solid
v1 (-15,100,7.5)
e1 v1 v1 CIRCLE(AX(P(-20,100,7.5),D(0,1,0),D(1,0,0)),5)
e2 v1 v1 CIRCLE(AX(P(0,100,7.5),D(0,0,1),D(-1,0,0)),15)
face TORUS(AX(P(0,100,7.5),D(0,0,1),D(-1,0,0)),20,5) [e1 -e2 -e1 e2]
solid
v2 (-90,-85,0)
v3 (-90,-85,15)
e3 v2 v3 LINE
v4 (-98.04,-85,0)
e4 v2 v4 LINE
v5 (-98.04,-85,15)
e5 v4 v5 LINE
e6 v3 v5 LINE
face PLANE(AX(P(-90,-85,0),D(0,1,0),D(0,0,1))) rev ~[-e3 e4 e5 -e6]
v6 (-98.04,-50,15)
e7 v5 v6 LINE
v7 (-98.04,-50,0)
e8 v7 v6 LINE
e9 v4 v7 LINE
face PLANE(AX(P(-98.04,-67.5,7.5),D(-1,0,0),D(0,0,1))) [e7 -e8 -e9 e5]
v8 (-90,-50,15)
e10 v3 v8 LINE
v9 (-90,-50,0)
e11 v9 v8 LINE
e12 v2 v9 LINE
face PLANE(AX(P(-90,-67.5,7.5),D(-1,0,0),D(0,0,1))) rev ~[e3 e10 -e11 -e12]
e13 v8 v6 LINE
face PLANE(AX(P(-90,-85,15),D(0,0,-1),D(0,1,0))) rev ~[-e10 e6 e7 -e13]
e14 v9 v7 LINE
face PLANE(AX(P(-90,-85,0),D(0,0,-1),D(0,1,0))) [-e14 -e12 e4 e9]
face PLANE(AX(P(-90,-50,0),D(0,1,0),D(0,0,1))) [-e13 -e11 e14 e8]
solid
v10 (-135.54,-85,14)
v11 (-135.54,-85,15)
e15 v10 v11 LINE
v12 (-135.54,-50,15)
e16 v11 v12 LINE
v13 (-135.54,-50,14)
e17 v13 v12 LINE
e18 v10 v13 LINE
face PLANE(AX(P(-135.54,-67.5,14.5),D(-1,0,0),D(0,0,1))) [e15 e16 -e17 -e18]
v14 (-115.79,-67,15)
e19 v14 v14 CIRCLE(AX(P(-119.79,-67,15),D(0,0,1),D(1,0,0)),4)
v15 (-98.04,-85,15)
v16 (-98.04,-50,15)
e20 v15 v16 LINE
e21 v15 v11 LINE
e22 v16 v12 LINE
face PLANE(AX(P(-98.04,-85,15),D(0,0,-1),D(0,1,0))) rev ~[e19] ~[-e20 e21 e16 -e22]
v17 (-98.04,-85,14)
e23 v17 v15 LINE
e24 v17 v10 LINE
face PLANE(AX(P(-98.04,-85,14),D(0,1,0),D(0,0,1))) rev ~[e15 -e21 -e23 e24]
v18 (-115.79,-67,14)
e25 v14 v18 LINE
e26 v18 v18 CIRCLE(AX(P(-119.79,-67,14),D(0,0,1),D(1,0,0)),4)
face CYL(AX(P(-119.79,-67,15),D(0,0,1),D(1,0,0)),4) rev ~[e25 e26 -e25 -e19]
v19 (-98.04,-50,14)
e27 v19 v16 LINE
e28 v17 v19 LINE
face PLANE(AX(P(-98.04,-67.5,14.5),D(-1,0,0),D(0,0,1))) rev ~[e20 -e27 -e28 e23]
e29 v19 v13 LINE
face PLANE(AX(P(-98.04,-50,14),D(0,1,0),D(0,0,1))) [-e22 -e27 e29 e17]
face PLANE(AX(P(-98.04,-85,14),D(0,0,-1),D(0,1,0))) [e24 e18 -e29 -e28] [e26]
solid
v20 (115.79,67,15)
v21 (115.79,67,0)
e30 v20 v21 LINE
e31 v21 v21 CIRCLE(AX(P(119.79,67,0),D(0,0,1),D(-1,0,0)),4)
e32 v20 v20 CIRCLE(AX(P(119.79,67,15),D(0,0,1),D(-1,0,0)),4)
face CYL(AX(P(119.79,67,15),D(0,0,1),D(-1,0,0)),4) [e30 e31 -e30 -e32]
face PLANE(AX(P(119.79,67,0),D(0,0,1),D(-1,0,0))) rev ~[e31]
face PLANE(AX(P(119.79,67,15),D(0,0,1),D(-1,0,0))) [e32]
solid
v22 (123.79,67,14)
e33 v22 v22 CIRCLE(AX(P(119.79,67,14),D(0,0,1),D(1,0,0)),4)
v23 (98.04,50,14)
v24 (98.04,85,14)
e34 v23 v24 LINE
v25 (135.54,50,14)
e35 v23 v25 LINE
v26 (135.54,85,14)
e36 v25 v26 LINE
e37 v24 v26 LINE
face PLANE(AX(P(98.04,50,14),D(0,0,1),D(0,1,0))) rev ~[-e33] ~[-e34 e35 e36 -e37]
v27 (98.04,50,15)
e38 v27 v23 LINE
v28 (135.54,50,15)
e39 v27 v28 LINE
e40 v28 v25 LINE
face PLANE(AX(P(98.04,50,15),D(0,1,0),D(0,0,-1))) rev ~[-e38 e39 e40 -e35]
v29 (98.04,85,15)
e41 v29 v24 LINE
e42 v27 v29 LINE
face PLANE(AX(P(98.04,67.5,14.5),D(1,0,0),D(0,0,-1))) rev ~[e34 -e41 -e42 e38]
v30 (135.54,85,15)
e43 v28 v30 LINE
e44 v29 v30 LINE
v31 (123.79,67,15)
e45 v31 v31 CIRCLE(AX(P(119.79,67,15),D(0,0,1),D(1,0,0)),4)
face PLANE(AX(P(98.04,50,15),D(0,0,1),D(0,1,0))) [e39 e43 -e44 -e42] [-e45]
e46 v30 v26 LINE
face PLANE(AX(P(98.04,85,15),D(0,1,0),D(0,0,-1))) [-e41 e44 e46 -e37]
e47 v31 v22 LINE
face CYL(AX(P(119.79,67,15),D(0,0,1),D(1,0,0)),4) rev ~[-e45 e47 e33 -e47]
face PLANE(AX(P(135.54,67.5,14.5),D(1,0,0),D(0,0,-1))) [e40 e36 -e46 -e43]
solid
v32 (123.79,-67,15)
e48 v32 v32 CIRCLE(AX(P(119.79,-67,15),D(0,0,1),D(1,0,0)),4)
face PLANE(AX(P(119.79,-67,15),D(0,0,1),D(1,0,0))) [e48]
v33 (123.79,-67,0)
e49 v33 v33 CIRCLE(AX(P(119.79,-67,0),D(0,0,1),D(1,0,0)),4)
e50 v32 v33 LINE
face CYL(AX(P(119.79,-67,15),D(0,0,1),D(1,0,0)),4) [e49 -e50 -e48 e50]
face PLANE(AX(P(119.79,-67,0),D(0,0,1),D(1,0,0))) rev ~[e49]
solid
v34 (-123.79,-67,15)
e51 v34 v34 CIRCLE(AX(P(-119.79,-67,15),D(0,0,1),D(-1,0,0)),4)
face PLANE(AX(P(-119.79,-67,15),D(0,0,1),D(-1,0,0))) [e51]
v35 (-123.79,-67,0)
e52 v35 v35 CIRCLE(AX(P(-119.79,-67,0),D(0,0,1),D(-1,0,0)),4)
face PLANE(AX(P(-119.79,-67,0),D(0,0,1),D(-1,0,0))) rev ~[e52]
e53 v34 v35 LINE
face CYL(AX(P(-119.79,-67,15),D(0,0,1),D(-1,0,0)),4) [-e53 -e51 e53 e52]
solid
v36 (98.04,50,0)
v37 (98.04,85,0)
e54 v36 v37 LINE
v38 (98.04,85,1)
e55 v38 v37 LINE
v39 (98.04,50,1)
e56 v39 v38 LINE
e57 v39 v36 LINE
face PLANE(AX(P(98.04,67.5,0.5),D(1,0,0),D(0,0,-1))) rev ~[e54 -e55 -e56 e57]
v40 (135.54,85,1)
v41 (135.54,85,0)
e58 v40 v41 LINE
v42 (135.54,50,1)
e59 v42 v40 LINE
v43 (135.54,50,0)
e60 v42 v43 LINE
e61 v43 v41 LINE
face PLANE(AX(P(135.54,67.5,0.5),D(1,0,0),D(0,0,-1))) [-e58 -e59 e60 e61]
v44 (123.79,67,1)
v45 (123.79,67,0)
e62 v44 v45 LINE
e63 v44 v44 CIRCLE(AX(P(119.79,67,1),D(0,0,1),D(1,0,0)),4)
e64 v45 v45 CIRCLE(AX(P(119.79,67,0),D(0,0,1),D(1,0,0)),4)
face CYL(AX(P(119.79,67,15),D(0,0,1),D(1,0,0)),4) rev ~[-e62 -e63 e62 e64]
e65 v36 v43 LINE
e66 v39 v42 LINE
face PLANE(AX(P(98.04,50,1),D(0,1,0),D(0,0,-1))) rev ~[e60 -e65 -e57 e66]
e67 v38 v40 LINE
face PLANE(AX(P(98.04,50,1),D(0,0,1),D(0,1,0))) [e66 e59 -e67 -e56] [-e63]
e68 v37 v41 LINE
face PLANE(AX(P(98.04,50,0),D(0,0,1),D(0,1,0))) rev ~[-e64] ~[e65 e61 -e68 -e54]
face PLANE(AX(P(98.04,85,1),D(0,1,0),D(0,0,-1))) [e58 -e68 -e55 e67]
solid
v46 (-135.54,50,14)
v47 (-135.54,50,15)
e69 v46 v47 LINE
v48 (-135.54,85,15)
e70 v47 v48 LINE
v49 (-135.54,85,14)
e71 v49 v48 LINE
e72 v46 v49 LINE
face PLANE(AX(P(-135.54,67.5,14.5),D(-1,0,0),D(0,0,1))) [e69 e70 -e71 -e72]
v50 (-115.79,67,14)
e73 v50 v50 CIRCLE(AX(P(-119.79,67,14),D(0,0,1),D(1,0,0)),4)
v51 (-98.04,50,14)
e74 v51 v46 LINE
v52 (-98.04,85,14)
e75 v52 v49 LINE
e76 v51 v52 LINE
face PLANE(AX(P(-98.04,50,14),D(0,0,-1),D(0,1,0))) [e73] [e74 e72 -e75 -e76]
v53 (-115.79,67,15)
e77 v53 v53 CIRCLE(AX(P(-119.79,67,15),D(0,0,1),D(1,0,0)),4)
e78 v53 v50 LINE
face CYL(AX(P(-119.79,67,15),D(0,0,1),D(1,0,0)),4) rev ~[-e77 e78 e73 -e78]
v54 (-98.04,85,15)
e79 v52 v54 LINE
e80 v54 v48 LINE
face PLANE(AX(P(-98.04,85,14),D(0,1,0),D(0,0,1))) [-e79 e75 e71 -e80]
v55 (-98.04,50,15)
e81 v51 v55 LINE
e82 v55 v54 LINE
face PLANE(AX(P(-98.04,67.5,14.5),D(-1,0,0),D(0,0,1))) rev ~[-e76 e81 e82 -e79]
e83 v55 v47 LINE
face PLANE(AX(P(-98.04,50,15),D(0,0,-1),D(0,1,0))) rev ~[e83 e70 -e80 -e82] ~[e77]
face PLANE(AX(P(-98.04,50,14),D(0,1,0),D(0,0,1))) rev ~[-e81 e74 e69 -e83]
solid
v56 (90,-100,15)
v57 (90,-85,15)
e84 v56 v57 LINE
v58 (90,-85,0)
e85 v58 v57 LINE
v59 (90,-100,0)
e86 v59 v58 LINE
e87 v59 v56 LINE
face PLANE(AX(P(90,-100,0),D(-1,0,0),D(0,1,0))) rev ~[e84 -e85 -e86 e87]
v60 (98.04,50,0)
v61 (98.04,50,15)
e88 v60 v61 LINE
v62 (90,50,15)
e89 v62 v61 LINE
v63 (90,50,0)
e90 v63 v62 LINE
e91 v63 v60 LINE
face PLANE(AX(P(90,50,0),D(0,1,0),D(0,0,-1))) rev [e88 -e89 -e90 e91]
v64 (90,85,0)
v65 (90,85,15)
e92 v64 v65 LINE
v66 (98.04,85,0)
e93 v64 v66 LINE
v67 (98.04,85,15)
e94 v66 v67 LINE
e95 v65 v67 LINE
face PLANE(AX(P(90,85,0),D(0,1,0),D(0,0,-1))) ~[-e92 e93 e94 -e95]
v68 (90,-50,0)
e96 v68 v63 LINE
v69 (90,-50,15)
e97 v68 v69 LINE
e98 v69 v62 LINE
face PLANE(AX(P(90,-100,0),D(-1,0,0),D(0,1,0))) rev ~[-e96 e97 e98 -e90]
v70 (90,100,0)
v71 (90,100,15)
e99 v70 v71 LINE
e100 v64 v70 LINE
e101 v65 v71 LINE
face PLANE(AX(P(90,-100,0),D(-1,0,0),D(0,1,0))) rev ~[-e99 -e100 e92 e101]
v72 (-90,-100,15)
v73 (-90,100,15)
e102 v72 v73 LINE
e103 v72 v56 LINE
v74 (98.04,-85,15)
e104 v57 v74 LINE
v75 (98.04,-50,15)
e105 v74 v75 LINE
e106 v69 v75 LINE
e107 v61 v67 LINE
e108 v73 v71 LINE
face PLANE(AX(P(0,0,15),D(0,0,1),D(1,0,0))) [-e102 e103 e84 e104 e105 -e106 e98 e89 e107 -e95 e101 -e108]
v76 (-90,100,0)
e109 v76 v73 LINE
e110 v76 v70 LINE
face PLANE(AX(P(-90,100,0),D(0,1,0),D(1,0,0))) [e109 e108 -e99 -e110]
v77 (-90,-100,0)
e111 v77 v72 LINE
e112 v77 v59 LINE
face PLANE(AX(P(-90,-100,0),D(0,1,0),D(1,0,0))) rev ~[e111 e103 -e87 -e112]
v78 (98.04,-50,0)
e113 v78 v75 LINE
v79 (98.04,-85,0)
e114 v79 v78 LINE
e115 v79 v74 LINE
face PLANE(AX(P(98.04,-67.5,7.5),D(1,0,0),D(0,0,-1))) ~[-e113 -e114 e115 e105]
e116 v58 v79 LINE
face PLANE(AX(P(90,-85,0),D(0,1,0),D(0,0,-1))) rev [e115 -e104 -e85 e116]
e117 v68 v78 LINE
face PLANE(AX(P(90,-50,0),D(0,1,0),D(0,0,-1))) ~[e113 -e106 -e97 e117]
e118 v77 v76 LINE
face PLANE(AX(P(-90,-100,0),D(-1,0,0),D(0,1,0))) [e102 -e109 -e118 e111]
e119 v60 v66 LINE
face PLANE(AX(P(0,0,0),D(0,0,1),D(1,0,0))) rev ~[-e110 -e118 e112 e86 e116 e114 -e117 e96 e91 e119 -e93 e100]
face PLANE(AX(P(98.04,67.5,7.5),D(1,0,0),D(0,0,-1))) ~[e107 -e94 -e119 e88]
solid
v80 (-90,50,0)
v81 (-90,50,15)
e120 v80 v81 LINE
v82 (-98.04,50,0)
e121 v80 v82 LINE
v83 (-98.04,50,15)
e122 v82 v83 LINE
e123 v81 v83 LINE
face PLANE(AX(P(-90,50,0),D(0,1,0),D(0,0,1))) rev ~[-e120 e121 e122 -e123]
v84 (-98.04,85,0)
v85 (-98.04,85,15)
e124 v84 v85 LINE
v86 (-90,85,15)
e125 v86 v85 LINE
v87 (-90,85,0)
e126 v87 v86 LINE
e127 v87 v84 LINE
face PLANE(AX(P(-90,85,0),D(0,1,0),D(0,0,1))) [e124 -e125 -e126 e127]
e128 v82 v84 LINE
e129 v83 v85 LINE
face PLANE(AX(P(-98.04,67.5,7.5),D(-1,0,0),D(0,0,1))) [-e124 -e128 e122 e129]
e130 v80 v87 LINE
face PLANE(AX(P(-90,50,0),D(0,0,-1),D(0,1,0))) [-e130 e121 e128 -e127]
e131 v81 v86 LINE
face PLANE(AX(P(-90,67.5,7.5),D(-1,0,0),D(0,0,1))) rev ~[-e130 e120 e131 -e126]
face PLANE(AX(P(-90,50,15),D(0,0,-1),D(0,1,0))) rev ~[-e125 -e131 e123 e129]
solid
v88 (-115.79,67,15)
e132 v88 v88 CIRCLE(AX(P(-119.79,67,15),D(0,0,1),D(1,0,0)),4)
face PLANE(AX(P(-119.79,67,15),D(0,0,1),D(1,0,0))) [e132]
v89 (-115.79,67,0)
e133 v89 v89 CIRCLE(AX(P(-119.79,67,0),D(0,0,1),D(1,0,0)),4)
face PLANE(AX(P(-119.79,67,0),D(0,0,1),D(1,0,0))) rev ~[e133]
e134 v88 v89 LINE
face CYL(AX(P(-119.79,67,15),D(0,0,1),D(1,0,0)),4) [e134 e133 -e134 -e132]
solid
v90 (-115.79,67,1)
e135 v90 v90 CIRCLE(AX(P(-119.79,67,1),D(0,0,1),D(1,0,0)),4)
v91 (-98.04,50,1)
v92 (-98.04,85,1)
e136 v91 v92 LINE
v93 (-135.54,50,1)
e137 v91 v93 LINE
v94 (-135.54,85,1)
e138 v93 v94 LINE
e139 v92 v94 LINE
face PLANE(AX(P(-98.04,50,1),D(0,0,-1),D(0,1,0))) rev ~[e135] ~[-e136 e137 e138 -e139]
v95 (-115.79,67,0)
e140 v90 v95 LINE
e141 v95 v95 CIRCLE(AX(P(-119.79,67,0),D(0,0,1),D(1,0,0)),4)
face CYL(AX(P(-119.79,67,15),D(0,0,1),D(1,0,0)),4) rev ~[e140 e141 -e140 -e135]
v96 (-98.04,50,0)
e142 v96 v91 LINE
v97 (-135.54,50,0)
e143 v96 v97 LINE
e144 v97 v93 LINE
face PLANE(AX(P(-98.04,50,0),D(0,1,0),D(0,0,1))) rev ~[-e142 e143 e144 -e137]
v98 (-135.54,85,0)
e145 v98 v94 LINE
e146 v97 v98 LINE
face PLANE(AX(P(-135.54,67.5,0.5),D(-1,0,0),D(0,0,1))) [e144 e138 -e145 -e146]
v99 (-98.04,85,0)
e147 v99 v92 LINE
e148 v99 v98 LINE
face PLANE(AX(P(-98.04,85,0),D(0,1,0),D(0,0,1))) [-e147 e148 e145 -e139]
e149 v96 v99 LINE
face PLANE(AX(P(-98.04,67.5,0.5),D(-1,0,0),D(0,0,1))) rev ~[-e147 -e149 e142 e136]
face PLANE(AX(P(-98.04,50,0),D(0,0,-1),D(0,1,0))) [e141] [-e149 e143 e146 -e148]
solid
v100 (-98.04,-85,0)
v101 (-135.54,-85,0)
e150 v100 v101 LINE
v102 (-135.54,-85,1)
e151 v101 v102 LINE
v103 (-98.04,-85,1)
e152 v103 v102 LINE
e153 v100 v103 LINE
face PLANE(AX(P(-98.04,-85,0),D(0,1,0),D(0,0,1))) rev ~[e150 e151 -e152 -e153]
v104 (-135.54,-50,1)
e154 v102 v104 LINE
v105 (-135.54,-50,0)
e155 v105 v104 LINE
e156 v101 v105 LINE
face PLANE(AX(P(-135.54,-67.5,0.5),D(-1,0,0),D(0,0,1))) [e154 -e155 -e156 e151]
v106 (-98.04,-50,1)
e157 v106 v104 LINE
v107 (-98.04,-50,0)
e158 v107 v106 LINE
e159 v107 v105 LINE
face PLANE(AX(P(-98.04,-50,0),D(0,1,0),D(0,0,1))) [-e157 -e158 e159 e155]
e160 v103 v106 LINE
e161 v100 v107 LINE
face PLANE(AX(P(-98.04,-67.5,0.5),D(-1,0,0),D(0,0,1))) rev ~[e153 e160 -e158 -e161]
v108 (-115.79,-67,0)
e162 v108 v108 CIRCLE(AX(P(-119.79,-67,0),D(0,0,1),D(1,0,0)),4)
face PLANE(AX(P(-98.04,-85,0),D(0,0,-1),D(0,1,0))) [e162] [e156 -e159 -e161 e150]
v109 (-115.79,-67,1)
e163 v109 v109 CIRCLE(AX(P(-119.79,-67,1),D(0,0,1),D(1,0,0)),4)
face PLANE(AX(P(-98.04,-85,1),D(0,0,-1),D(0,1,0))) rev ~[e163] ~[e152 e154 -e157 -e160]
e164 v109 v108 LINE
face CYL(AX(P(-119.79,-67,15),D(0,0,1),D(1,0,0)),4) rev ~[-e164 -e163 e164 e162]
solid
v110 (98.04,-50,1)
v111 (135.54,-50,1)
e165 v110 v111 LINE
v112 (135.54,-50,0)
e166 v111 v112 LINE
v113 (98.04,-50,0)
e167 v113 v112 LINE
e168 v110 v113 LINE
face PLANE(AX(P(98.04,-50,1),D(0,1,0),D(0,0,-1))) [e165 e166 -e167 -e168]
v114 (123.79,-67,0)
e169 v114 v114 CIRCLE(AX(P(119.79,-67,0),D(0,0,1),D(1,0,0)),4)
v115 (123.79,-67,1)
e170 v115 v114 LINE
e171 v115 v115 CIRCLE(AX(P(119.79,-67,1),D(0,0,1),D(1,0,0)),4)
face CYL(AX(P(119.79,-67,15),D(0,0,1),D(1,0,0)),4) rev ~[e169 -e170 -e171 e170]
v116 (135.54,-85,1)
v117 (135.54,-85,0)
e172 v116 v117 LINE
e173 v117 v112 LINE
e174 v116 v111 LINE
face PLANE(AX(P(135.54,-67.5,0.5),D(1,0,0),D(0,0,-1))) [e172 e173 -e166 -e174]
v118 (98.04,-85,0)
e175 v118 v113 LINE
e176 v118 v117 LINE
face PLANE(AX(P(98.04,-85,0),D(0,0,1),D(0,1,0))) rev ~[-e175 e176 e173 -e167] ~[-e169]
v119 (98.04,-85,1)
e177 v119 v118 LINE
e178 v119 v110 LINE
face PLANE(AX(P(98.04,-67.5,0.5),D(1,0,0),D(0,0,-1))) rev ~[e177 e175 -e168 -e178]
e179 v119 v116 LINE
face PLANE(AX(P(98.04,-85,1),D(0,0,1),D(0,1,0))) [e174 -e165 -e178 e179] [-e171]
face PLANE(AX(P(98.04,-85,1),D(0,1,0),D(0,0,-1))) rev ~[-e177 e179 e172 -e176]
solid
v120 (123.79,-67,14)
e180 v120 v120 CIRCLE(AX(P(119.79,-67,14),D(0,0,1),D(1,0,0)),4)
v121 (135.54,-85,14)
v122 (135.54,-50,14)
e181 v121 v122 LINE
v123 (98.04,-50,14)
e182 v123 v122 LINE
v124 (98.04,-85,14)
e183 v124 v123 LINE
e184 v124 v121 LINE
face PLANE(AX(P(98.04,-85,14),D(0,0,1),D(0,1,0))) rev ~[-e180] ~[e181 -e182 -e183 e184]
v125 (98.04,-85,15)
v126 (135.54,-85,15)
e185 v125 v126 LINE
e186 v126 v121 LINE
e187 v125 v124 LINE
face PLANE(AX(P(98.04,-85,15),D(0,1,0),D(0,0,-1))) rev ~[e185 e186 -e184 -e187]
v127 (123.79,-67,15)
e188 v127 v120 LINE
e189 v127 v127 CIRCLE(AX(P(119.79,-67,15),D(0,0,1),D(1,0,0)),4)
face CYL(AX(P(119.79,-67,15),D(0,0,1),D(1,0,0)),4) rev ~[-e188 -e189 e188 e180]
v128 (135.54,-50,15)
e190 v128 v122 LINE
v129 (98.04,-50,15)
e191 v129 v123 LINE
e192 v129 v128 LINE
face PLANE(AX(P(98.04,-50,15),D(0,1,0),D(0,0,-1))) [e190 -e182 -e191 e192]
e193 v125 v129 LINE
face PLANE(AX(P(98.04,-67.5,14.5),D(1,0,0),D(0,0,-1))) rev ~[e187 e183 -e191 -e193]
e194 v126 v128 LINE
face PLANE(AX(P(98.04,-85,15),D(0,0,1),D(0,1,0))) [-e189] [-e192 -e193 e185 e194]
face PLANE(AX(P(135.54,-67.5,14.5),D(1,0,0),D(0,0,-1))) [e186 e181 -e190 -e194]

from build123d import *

# Parameters (mm, degrees)
SKETCH1_W             = 180
SKETCH1_H             = 200
BOSS_EXTRUDE1_DEPTH   = 15
SKETCH3_W             = 15
SKETCH3_H             = 35
BOSS_EXTRUDE2_DEPTH   = 8.04
BOSS_EXTRUDE2_2_DEPTH = 8.04
SKETCH4_W             = 1
SKETCH4_H             = 35
BOSS_EXTRUDE3_DEPTH   = 37.5
BOSS_EXTRUDE3_2_DEPTH = 37.5
BOSS_EXTRUDE3_3_DEPTH = 37.5
BOSS_EXTRUDE3_4_DEPTH = 37.5
SKETCH5_W             = 1
SKETCH5_H             = 35
BOSS_EXTRUDE4_DEPTH   = 37.5
BOSS_EXTRUDE4_2_DEPTH = 37.5
BOSS_EXTRUDE4_3_DEPTH = 37.5
BOSS_EXTRUDE4_4_DEPTH = 37.5
SKETCH6_R             = 4
CUT_EXTRUDE1_DEPTH    = 40
SKETCH7_R             = 4
BOSS_EXTRUDE5_DEPTH   = 15
BOSS_EXTRUDE5_2_DEPTH = 15
BOSS_EXTRUDE5_3_DEPTH = 15
BOSS_EXTRUDE5_4_DEPTH = 15
SKETCH8_R             = 5


with BuildPart() as part:
    # Sketch1 → Boss-Extrude1 (new body)
    with BuildSketch(Plane.XY):
        Rectangle(SKETCH1_W, SKETCH1_H)
    extrude(amount=BOSS_EXTRUDE1_DEPTH)


with BuildPart() as body_2:
    # Sketch3 → Boss-Extrude2 (new body)
    with BuildSketch(Plane.ZY.offset(90)):
        with Locations((7.5, 67.5)):
            Rectangle(SKETCH3_W, SKETCH3_H)
    boss_extrude2 = extrude(amount=BOSS_EXTRUDE2_DEPTH)


with BuildPart() as body_3:
    # Sketch3 → Boss-Extrude2 2 (new body)
    with BuildSketch(Plane.ZY.offset(90)):
        with Locations((7.5, -67.5)):
            Rectangle(SKETCH3_W, SKETCH3_H)
    boss_extrude2_2 = extrude(amount=BOSS_EXTRUDE2_2_DEPTH)


with BuildPart() as body_4:
    # Sketch4 → Boss-Extrude3 (new body)
    with BuildSketch(Plane.ZY.offset(98.04)):
        with Locations((0.5, 67.5)):
            Rectangle(SKETCH4_W, SKETCH4_H)
    extrude(amount=BOSS_EXTRUDE3_DEPTH)


with BuildPart() as body_5:
    # Sketch4 → Boss-Extrude3 2 (new body)
    with BuildSketch(Plane.ZY.offset(98.04)):
        with Locations((14.5, 67.5)):
            Rectangle(SKETCH4_W, SKETCH4_H)
    extrude(amount=BOSS_EXTRUDE3_2_DEPTH)


with BuildPart() as body_6:
    # Sketch4 → Boss-Extrude3 3 (new body)
    with BuildSketch(Plane.ZY.offset(98.04)):
        with Locations((14.5, -67.5)):
            Rectangle(SKETCH4_W, SKETCH4_H)
    extrude(amount=BOSS_EXTRUDE3_3_DEPTH)


with BuildPart() as body_7:
    # Sketch4 → Boss-Extrude3 4 (new body)
    with BuildSketch(Plane.ZY.offset(98.04)):
        with Locations((0.5, -67.5)):
            Rectangle(SKETCH4_W, SKETCH4_H)
    extrude(amount=BOSS_EXTRUDE3_4_DEPTH)


with BuildPart() as part_1:
    add(part.part)

    # Mirror6: Boss-Extrude2, Boss-Extrude2 2 across plane
    add(boss_extrude2.mirror(Plane(origin=(0, 0, 0), x_dir=(0, 0, 1), z_dir=(1, 0, 0))))
    add(boss_extrude2_2.mirror(Plane(origin=(0, 0, 0), x_dir=(0, 0, 1), z_dir=(1, 0, 0))))


with BuildPart() as body_8:
    # Sketch5 → Boss-Extrude4 (new body)
    with BuildSketch(Plane(origin=(98.04, 0, 0), x_dir=(0, 0, -1), z_dir=(1, 0, 0))):
        with Locations((-14.5, 67.5)):
            Rectangle(SKETCH5_W, SKETCH5_H)
    extrude(amount=BOSS_EXTRUDE4_DEPTH)


with BuildPart() as body_9:
    # Sketch5 → Boss-Extrude4 2 (new body)
    with BuildSketch(Plane(origin=(98.04, 0, 0), x_dir=(0, 0, -1), z_dir=(1, 0, 0))):
        with Locations((-0.5, 67.5)):
            Rectangle(SKETCH5_W, SKETCH5_H)
    extrude(amount=BOSS_EXTRUDE4_2_DEPTH)


with BuildPart() as body_10:
    # Sketch5 → Boss-Extrude4 3 (new body)
    with BuildSketch(Plane(origin=(98.04, 0, 0), x_dir=(0, 0, -1), z_dir=(1, 0, 0))):
        with Locations((-0.5, -67.5)):
            Rectangle(SKETCH5_W, SKETCH5_H)
    extrude(amount=BOSS_EXTRUDE4_3_DEPTH)


with BuildPart() as body_11:
    # Sketch5 → Boss-Extrude4 4 (new body)
    with BuildSketch(Plane(origin=(98.04, 0, 0), x_dir=(0, 0, -1), z_dir=(1, 0, 0))):
        with Locations((-14.5, -67.5)):
            Rectangle(SKETCH5_W, SKETCH5_H)
    extrude(amount=BOSS_EXTRUDE4_4_DEPTH)


with BuildPart() as cut_extrude1_tool:
    # Sketch6 → Cut-Extrude1 (new body)
    with BuildSketch(Plane.XY.offset(15)):
        with Locations((-119.79, -67)):
            Circle(SKETCH6_R)
        with Locations((119.79, -67)):
            Circle(SKETCH6_R)
        with Locations((119.79, 67)):
            Circle(SKETCH6_R)
        with Locations((-119.79, 67)):
            Circle(SKETCH6_R)
    extrude(amount=-CUT_EXTRUDE1_DEPTH)


with BuildPart() as body_4_1:
    add(body_4.part)

    # Cut-Extrude1: cut by cut_extrude1_tool
    add(cut_extrude1_tool.part, mode=Mode.SUBTRACT)


with BuildPart() as body_5_1:
    add(body_5.part)

    # Cut-Extrude1: cut by cut_extrude1_tool
    add(cut_extrude1_tool.part, mode=Mode.SUBTRACT)


with BuildPart() as body_6_1:
    add(body_6.part)

    # Cut-Extrude1: cut by cut_extrude1_tool
    add(cut_extrude1_tool.part, mode=Mode.SUBTRACT)


with BuildPart() as body_7_1:
    add(body_7.part)

    # Cut-Extrude1: cut by cut_extrude1_tool
    add(cut_extrude1_tool.part, mode=Mode.SUBTRACT)


with BuildPart() as body_8_1:
    add(body_8.part)

    # Cut-Extrude1: cut by cut_extrude1_tool
    add(cut_extrude1_tool.part, mode=Mode.SUBTRACT)


with BuildPart() as body_9_1:
    add(body_9.part)

    # Cut-Extrude1: cut by cut_extrude1_tool
    add(cut_extrude1_tool.part, mode=Mode.SUBTRACT)


with BuildPart() as body_10_1:
    add(body_10.part)

    # Cut-Extrude1: cut by cut_extrude1_tool
    add(cut_extrude1_tool.part, mode=Mode.SUBTRACT)


with BuildPart() as body_11_1:
    add(body_11.part)

    # Cut-Extrude1: cut by cut_extrude1_tool
    add(cut_extrude1_tool.part, mode=Mode.SUBTRACT)


with BuildPart() as body_12:
    # Sketch7 → Boss-Extrude5 (new body)
    with BuildSketch(Plane.XY.offset(15)):
        with Locations((-119.79, 67)):
            Circle(SKETCH7_R)
    extrude(amount=-BOSS_EXTRUDE5_DEPTH)


with BuildPart() as body_13:
    # Sketch7 → Boss-Extrude5 2 (new body)
    with BuildSketch(Plane.XY.offset(15)):
        with Locations(Location((119.79, 67, 0), (0, 0, 180))):
            Circle(SKETCH7_R)
    extrude(amount=-BOSS_EXTRUDE5_2_DEPTH)


with BuildPart() as body_14:
    # Sketch7 → Boss-Extrude5 3 (new body)
    with BuildSketch(Plane.XY.offset(15)):
        with Locations((119.79, -67)):
            Circle(SKETCH7_R)
    extrude(amount=-BOSS_EXTRUDE5_3_DEPTH)


with BuildPart() as body_15:
    # Sketch7 → Boss-Extrude5 4 (new body)
    with BuildSketch(Plane.XY.offset(15)):
        with Locations(Location((-119.79, -67, 0), (0, 0, 180))):
            Circle(SKETCH7_R)
    extrude(amount=-BOSS_EXTRUDE5_4_DEPTH)


with BuildPart() as body_16:
    # Sketch8 → Revolve1 (revolve)
    with BuildSketch(Plane(origin=(0, 100, 0), x_dir=(1, 0, 0), z_dir=(0, 1, 0))):
        with Locations((-20, -7.5)):
            Circle(SKETCH8_R)
    revolve(axis=Axis((0, 100, -60.652387997), (0, 0, 1)))


solid = Compound([body_2.part, body_3.part, part_1.part, body_4_1.part, body_5_1.part, body_6_1.part, body_7_1.part, body_8_1.part, body_9_1.part, body_10_1.part, body_11_1.part, body_12.part, body_13.part, body_14.part, body_15.part, body_16.part])
